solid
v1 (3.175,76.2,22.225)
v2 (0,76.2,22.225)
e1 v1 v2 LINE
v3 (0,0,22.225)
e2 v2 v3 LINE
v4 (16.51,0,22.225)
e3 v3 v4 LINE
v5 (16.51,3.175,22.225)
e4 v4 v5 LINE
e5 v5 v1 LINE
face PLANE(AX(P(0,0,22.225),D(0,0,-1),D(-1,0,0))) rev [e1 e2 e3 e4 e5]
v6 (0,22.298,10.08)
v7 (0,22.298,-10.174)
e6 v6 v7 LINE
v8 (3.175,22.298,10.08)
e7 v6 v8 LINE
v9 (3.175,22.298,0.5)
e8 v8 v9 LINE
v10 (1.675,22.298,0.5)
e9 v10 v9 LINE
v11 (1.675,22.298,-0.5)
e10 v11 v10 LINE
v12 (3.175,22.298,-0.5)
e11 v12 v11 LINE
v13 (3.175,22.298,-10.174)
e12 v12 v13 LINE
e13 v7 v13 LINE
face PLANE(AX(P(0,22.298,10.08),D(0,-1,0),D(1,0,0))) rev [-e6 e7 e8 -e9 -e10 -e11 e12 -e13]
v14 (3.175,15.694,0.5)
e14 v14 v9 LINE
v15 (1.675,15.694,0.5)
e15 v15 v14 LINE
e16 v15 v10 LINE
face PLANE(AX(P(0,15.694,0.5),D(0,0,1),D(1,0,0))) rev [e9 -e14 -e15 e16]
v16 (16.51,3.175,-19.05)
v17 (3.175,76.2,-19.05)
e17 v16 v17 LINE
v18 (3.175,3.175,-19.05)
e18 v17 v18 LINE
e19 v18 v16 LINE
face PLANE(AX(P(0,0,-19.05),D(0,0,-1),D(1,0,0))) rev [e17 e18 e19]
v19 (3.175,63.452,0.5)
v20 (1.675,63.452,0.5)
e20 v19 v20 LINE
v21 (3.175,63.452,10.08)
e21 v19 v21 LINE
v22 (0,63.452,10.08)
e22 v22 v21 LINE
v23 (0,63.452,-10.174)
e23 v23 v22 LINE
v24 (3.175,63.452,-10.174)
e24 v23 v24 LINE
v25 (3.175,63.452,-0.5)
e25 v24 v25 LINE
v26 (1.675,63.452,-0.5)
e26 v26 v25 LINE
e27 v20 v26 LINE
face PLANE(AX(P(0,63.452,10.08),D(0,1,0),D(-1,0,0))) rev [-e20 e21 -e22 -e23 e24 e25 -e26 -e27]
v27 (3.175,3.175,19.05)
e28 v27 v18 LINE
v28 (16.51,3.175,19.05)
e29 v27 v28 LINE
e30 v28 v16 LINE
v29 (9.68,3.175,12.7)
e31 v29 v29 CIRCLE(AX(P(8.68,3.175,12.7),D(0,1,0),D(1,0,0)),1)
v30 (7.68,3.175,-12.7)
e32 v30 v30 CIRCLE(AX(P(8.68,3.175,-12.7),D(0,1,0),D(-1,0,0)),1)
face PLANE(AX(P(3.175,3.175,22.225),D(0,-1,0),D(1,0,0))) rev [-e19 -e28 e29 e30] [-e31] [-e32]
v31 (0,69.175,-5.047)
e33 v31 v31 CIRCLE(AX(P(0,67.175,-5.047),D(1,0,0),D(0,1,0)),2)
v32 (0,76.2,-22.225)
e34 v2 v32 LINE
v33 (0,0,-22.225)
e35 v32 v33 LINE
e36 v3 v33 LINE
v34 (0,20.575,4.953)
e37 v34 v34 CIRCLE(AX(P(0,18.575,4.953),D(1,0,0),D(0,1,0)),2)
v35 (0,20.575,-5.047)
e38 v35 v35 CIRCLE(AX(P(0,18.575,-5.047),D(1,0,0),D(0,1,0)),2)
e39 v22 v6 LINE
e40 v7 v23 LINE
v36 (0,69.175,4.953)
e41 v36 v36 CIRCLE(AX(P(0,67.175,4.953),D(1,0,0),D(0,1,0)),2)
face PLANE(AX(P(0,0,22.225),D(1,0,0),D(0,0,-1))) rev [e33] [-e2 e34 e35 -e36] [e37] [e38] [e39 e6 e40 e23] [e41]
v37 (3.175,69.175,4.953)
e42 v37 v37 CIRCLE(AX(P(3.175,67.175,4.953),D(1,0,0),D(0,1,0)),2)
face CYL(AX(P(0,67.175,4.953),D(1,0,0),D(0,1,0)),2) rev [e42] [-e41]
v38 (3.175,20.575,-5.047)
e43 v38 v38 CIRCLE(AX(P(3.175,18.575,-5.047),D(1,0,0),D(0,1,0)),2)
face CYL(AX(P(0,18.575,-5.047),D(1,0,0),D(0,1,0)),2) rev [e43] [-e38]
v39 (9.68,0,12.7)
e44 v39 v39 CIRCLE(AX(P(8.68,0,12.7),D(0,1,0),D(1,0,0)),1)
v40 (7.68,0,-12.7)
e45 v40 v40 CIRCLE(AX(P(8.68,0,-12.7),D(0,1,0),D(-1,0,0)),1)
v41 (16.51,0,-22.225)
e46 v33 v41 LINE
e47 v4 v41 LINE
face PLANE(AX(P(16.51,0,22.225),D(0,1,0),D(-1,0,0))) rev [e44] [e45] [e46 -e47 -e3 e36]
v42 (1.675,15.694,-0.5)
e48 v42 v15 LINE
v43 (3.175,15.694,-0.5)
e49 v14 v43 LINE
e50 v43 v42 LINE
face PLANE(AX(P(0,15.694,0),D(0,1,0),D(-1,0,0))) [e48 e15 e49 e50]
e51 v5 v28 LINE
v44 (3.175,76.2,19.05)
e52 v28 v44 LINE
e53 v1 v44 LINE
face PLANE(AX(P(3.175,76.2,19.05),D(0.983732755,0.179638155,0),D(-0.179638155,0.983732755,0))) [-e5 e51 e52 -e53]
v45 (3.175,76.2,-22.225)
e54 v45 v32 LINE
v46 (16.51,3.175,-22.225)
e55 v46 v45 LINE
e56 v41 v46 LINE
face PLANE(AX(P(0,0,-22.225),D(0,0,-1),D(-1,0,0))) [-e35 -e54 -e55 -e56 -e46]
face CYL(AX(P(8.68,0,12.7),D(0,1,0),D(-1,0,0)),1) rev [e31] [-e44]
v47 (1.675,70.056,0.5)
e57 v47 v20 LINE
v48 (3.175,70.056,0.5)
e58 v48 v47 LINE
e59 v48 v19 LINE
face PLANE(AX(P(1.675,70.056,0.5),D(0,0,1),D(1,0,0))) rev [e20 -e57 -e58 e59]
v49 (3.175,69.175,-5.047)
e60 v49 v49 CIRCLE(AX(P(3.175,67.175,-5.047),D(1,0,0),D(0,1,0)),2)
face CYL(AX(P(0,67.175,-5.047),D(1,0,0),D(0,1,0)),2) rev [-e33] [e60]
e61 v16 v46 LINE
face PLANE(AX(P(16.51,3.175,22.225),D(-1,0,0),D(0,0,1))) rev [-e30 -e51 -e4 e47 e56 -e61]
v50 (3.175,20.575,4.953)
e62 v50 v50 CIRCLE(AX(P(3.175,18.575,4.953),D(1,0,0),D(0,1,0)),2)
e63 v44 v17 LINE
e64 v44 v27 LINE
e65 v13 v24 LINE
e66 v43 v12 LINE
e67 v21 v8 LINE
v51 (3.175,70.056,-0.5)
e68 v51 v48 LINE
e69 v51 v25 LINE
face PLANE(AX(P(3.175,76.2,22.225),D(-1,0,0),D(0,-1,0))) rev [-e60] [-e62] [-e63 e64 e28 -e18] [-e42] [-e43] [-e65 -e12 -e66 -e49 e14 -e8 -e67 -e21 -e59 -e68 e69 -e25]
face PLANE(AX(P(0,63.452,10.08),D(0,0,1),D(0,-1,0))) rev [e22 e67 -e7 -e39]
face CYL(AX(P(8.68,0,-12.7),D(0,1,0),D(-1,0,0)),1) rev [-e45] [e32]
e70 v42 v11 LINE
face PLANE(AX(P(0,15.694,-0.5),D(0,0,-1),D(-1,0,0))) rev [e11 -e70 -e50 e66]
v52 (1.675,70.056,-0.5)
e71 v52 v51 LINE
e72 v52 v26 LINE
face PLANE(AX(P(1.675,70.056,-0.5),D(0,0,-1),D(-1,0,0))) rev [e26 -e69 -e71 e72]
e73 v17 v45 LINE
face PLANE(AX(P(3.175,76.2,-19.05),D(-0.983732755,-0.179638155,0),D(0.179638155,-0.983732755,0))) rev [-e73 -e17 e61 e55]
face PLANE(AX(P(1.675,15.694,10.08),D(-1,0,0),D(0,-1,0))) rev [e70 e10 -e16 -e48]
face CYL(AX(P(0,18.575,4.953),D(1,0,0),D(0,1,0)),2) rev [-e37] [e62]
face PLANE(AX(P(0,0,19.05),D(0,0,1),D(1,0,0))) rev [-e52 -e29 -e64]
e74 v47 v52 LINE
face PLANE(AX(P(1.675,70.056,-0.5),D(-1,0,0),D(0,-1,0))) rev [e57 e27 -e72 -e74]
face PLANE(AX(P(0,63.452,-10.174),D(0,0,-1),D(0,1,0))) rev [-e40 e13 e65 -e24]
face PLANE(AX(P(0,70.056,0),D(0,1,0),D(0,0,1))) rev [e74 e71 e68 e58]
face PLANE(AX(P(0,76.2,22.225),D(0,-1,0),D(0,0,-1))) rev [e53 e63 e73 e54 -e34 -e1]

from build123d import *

# Parameters (mm, degrees)
BOSS_EXTRUDE1_DEPTH = 22.225
BOSS_EXTRUDE2_DEPTH = 3.175
SKETCH4_R           = 1.000000032
CUT_EXTRUDE2_DEPTH  = 4.175
SKETCH5_R           = 2.000000064
CUT_EXTRUDE3_DEPTH  = 4.175
SKETCH6_W           = 20.253999878
SKETCH6_H           = 41.153999988
CUT_EXTRUDE4_DEPTH  = 4.175
SKETCH7_W           = 1.500000048
SKETCH7_H           = 1.000000032
CUT_EXTRUDE5_DEPTH  = 6.604
CUT_EXTRUDE6_START  = 41.154
SKETCH7_2_W         = 1.500000048
SKETCH7_2_H         = 1.000000032
CUT_EXTRUDE6_DEPTH  = 6.604


with BuildPart() as part:
    # Sketch1 → Boss-Extrude1 (new body, symmetric)
    with BuildSketch(Plane.XY):
        Polygon((0, 0), (0, 76.2), (3.175, 76.2), (3.175, 3.175), (16.51, 3.175), (16.51, 0), align=None)
    extrude(amount=BOSS_EXTRUDE1_DEPTH, both=True)

    # Sketch3 → Boss-Extrude2 (add)
    with BuildSketch(Plane.XY.offset(22.225)):
        Polygon((3.175, 76.2), (16.51, 3.175), (3.175, 3.175), align=None)
    boss_extrude2 = extrude(amount=-BOSS_EXTRUDE2_DEPTH)

    # Mirror1: Boss-Extrude2 across plane
    add(boss_extrude2.mirror(Plane.XY))

    # Sketch4 → Cut-Extrude2 (cut, through all)
    with BuildSketch(Plane(origin=(0, 3.175, 0), x_dir=(1, 0, 0), z_dir=(0, 1, 0))):
        with Locations((8.679999912, 12.7)):
            Circle(SKETCH4_R)
        with Locations((8.679999912, -12.7)):
            Circle(SKETCH4_R)
    extrude(amount=-CUT_EXTRUDE2_DEPTH, mode=Mode.SUBTRACT)

    # Sketch5 → Cut-Extrude3 (cut, through all)
    with BuildSketch(Plane(origin=(3.175, 0, 0), x_dir=(0, 0, -1), z_dir=(1, 0, 0))):
        with Locations((-4.953, 18.574999934)):
            Circle(SKETCH5_R)
        with Locations((5.047000066, 18.574999934)):
            Circle(SKETCH5_R)
        with Locations((-4.953, 67.175000016)):
            Circle(SKETCH5_R)
        with Locations((5.047000066, 67.175000016)):
            Circle(SKETCH5_R)
    extrude(amount=-CUT_EXTRUDE3_DEPTH, mode=Mode.SUBTRACT)

    # Sketch6 → Cut-Extrude4 (cut, through all)
    with BuildSketch(Plane(origin=(3.175, 0, 0), x_dir=(0, 0, -1), z_dir=(1, 0, 0))):
        with Locations((0.047000033, 42.874999975)):
            Rectangle(SKETCH6_W, SKETCH6_H)
    extrude(amount=-CUT_EXTRUDE4_DEPTH, mode=Mode.SUBTRACT)

    # Sketch7 → Cut-Extrude5 (cut)
    with BuildSketch(Plane.XZ.offset(-63.451999969)):
        with Locations((2.424999976, 0)):
            Rectangle(SKETCH7_W, SKETCH7_H)
    extrude(amount=-CUT_EXTRUDE5_DEPTH, mode=Mode.SUBTRACT)

    # Sketch7<2> → Cut-Extrude6 (cut)
    with BuildSketch(Plane.XZ.offset(-63.451999969).offset(CUT_EXTRUDE6_START)):
        with Locations((2.424999976, 0)):
            Rectangle(SKETCH7_2_W, SKETCH7_2_H)
    extrude(amount=CUT_EXTRUDE6_DEPTH, mode=Mode.SUBTRACT)


solid = part.part
